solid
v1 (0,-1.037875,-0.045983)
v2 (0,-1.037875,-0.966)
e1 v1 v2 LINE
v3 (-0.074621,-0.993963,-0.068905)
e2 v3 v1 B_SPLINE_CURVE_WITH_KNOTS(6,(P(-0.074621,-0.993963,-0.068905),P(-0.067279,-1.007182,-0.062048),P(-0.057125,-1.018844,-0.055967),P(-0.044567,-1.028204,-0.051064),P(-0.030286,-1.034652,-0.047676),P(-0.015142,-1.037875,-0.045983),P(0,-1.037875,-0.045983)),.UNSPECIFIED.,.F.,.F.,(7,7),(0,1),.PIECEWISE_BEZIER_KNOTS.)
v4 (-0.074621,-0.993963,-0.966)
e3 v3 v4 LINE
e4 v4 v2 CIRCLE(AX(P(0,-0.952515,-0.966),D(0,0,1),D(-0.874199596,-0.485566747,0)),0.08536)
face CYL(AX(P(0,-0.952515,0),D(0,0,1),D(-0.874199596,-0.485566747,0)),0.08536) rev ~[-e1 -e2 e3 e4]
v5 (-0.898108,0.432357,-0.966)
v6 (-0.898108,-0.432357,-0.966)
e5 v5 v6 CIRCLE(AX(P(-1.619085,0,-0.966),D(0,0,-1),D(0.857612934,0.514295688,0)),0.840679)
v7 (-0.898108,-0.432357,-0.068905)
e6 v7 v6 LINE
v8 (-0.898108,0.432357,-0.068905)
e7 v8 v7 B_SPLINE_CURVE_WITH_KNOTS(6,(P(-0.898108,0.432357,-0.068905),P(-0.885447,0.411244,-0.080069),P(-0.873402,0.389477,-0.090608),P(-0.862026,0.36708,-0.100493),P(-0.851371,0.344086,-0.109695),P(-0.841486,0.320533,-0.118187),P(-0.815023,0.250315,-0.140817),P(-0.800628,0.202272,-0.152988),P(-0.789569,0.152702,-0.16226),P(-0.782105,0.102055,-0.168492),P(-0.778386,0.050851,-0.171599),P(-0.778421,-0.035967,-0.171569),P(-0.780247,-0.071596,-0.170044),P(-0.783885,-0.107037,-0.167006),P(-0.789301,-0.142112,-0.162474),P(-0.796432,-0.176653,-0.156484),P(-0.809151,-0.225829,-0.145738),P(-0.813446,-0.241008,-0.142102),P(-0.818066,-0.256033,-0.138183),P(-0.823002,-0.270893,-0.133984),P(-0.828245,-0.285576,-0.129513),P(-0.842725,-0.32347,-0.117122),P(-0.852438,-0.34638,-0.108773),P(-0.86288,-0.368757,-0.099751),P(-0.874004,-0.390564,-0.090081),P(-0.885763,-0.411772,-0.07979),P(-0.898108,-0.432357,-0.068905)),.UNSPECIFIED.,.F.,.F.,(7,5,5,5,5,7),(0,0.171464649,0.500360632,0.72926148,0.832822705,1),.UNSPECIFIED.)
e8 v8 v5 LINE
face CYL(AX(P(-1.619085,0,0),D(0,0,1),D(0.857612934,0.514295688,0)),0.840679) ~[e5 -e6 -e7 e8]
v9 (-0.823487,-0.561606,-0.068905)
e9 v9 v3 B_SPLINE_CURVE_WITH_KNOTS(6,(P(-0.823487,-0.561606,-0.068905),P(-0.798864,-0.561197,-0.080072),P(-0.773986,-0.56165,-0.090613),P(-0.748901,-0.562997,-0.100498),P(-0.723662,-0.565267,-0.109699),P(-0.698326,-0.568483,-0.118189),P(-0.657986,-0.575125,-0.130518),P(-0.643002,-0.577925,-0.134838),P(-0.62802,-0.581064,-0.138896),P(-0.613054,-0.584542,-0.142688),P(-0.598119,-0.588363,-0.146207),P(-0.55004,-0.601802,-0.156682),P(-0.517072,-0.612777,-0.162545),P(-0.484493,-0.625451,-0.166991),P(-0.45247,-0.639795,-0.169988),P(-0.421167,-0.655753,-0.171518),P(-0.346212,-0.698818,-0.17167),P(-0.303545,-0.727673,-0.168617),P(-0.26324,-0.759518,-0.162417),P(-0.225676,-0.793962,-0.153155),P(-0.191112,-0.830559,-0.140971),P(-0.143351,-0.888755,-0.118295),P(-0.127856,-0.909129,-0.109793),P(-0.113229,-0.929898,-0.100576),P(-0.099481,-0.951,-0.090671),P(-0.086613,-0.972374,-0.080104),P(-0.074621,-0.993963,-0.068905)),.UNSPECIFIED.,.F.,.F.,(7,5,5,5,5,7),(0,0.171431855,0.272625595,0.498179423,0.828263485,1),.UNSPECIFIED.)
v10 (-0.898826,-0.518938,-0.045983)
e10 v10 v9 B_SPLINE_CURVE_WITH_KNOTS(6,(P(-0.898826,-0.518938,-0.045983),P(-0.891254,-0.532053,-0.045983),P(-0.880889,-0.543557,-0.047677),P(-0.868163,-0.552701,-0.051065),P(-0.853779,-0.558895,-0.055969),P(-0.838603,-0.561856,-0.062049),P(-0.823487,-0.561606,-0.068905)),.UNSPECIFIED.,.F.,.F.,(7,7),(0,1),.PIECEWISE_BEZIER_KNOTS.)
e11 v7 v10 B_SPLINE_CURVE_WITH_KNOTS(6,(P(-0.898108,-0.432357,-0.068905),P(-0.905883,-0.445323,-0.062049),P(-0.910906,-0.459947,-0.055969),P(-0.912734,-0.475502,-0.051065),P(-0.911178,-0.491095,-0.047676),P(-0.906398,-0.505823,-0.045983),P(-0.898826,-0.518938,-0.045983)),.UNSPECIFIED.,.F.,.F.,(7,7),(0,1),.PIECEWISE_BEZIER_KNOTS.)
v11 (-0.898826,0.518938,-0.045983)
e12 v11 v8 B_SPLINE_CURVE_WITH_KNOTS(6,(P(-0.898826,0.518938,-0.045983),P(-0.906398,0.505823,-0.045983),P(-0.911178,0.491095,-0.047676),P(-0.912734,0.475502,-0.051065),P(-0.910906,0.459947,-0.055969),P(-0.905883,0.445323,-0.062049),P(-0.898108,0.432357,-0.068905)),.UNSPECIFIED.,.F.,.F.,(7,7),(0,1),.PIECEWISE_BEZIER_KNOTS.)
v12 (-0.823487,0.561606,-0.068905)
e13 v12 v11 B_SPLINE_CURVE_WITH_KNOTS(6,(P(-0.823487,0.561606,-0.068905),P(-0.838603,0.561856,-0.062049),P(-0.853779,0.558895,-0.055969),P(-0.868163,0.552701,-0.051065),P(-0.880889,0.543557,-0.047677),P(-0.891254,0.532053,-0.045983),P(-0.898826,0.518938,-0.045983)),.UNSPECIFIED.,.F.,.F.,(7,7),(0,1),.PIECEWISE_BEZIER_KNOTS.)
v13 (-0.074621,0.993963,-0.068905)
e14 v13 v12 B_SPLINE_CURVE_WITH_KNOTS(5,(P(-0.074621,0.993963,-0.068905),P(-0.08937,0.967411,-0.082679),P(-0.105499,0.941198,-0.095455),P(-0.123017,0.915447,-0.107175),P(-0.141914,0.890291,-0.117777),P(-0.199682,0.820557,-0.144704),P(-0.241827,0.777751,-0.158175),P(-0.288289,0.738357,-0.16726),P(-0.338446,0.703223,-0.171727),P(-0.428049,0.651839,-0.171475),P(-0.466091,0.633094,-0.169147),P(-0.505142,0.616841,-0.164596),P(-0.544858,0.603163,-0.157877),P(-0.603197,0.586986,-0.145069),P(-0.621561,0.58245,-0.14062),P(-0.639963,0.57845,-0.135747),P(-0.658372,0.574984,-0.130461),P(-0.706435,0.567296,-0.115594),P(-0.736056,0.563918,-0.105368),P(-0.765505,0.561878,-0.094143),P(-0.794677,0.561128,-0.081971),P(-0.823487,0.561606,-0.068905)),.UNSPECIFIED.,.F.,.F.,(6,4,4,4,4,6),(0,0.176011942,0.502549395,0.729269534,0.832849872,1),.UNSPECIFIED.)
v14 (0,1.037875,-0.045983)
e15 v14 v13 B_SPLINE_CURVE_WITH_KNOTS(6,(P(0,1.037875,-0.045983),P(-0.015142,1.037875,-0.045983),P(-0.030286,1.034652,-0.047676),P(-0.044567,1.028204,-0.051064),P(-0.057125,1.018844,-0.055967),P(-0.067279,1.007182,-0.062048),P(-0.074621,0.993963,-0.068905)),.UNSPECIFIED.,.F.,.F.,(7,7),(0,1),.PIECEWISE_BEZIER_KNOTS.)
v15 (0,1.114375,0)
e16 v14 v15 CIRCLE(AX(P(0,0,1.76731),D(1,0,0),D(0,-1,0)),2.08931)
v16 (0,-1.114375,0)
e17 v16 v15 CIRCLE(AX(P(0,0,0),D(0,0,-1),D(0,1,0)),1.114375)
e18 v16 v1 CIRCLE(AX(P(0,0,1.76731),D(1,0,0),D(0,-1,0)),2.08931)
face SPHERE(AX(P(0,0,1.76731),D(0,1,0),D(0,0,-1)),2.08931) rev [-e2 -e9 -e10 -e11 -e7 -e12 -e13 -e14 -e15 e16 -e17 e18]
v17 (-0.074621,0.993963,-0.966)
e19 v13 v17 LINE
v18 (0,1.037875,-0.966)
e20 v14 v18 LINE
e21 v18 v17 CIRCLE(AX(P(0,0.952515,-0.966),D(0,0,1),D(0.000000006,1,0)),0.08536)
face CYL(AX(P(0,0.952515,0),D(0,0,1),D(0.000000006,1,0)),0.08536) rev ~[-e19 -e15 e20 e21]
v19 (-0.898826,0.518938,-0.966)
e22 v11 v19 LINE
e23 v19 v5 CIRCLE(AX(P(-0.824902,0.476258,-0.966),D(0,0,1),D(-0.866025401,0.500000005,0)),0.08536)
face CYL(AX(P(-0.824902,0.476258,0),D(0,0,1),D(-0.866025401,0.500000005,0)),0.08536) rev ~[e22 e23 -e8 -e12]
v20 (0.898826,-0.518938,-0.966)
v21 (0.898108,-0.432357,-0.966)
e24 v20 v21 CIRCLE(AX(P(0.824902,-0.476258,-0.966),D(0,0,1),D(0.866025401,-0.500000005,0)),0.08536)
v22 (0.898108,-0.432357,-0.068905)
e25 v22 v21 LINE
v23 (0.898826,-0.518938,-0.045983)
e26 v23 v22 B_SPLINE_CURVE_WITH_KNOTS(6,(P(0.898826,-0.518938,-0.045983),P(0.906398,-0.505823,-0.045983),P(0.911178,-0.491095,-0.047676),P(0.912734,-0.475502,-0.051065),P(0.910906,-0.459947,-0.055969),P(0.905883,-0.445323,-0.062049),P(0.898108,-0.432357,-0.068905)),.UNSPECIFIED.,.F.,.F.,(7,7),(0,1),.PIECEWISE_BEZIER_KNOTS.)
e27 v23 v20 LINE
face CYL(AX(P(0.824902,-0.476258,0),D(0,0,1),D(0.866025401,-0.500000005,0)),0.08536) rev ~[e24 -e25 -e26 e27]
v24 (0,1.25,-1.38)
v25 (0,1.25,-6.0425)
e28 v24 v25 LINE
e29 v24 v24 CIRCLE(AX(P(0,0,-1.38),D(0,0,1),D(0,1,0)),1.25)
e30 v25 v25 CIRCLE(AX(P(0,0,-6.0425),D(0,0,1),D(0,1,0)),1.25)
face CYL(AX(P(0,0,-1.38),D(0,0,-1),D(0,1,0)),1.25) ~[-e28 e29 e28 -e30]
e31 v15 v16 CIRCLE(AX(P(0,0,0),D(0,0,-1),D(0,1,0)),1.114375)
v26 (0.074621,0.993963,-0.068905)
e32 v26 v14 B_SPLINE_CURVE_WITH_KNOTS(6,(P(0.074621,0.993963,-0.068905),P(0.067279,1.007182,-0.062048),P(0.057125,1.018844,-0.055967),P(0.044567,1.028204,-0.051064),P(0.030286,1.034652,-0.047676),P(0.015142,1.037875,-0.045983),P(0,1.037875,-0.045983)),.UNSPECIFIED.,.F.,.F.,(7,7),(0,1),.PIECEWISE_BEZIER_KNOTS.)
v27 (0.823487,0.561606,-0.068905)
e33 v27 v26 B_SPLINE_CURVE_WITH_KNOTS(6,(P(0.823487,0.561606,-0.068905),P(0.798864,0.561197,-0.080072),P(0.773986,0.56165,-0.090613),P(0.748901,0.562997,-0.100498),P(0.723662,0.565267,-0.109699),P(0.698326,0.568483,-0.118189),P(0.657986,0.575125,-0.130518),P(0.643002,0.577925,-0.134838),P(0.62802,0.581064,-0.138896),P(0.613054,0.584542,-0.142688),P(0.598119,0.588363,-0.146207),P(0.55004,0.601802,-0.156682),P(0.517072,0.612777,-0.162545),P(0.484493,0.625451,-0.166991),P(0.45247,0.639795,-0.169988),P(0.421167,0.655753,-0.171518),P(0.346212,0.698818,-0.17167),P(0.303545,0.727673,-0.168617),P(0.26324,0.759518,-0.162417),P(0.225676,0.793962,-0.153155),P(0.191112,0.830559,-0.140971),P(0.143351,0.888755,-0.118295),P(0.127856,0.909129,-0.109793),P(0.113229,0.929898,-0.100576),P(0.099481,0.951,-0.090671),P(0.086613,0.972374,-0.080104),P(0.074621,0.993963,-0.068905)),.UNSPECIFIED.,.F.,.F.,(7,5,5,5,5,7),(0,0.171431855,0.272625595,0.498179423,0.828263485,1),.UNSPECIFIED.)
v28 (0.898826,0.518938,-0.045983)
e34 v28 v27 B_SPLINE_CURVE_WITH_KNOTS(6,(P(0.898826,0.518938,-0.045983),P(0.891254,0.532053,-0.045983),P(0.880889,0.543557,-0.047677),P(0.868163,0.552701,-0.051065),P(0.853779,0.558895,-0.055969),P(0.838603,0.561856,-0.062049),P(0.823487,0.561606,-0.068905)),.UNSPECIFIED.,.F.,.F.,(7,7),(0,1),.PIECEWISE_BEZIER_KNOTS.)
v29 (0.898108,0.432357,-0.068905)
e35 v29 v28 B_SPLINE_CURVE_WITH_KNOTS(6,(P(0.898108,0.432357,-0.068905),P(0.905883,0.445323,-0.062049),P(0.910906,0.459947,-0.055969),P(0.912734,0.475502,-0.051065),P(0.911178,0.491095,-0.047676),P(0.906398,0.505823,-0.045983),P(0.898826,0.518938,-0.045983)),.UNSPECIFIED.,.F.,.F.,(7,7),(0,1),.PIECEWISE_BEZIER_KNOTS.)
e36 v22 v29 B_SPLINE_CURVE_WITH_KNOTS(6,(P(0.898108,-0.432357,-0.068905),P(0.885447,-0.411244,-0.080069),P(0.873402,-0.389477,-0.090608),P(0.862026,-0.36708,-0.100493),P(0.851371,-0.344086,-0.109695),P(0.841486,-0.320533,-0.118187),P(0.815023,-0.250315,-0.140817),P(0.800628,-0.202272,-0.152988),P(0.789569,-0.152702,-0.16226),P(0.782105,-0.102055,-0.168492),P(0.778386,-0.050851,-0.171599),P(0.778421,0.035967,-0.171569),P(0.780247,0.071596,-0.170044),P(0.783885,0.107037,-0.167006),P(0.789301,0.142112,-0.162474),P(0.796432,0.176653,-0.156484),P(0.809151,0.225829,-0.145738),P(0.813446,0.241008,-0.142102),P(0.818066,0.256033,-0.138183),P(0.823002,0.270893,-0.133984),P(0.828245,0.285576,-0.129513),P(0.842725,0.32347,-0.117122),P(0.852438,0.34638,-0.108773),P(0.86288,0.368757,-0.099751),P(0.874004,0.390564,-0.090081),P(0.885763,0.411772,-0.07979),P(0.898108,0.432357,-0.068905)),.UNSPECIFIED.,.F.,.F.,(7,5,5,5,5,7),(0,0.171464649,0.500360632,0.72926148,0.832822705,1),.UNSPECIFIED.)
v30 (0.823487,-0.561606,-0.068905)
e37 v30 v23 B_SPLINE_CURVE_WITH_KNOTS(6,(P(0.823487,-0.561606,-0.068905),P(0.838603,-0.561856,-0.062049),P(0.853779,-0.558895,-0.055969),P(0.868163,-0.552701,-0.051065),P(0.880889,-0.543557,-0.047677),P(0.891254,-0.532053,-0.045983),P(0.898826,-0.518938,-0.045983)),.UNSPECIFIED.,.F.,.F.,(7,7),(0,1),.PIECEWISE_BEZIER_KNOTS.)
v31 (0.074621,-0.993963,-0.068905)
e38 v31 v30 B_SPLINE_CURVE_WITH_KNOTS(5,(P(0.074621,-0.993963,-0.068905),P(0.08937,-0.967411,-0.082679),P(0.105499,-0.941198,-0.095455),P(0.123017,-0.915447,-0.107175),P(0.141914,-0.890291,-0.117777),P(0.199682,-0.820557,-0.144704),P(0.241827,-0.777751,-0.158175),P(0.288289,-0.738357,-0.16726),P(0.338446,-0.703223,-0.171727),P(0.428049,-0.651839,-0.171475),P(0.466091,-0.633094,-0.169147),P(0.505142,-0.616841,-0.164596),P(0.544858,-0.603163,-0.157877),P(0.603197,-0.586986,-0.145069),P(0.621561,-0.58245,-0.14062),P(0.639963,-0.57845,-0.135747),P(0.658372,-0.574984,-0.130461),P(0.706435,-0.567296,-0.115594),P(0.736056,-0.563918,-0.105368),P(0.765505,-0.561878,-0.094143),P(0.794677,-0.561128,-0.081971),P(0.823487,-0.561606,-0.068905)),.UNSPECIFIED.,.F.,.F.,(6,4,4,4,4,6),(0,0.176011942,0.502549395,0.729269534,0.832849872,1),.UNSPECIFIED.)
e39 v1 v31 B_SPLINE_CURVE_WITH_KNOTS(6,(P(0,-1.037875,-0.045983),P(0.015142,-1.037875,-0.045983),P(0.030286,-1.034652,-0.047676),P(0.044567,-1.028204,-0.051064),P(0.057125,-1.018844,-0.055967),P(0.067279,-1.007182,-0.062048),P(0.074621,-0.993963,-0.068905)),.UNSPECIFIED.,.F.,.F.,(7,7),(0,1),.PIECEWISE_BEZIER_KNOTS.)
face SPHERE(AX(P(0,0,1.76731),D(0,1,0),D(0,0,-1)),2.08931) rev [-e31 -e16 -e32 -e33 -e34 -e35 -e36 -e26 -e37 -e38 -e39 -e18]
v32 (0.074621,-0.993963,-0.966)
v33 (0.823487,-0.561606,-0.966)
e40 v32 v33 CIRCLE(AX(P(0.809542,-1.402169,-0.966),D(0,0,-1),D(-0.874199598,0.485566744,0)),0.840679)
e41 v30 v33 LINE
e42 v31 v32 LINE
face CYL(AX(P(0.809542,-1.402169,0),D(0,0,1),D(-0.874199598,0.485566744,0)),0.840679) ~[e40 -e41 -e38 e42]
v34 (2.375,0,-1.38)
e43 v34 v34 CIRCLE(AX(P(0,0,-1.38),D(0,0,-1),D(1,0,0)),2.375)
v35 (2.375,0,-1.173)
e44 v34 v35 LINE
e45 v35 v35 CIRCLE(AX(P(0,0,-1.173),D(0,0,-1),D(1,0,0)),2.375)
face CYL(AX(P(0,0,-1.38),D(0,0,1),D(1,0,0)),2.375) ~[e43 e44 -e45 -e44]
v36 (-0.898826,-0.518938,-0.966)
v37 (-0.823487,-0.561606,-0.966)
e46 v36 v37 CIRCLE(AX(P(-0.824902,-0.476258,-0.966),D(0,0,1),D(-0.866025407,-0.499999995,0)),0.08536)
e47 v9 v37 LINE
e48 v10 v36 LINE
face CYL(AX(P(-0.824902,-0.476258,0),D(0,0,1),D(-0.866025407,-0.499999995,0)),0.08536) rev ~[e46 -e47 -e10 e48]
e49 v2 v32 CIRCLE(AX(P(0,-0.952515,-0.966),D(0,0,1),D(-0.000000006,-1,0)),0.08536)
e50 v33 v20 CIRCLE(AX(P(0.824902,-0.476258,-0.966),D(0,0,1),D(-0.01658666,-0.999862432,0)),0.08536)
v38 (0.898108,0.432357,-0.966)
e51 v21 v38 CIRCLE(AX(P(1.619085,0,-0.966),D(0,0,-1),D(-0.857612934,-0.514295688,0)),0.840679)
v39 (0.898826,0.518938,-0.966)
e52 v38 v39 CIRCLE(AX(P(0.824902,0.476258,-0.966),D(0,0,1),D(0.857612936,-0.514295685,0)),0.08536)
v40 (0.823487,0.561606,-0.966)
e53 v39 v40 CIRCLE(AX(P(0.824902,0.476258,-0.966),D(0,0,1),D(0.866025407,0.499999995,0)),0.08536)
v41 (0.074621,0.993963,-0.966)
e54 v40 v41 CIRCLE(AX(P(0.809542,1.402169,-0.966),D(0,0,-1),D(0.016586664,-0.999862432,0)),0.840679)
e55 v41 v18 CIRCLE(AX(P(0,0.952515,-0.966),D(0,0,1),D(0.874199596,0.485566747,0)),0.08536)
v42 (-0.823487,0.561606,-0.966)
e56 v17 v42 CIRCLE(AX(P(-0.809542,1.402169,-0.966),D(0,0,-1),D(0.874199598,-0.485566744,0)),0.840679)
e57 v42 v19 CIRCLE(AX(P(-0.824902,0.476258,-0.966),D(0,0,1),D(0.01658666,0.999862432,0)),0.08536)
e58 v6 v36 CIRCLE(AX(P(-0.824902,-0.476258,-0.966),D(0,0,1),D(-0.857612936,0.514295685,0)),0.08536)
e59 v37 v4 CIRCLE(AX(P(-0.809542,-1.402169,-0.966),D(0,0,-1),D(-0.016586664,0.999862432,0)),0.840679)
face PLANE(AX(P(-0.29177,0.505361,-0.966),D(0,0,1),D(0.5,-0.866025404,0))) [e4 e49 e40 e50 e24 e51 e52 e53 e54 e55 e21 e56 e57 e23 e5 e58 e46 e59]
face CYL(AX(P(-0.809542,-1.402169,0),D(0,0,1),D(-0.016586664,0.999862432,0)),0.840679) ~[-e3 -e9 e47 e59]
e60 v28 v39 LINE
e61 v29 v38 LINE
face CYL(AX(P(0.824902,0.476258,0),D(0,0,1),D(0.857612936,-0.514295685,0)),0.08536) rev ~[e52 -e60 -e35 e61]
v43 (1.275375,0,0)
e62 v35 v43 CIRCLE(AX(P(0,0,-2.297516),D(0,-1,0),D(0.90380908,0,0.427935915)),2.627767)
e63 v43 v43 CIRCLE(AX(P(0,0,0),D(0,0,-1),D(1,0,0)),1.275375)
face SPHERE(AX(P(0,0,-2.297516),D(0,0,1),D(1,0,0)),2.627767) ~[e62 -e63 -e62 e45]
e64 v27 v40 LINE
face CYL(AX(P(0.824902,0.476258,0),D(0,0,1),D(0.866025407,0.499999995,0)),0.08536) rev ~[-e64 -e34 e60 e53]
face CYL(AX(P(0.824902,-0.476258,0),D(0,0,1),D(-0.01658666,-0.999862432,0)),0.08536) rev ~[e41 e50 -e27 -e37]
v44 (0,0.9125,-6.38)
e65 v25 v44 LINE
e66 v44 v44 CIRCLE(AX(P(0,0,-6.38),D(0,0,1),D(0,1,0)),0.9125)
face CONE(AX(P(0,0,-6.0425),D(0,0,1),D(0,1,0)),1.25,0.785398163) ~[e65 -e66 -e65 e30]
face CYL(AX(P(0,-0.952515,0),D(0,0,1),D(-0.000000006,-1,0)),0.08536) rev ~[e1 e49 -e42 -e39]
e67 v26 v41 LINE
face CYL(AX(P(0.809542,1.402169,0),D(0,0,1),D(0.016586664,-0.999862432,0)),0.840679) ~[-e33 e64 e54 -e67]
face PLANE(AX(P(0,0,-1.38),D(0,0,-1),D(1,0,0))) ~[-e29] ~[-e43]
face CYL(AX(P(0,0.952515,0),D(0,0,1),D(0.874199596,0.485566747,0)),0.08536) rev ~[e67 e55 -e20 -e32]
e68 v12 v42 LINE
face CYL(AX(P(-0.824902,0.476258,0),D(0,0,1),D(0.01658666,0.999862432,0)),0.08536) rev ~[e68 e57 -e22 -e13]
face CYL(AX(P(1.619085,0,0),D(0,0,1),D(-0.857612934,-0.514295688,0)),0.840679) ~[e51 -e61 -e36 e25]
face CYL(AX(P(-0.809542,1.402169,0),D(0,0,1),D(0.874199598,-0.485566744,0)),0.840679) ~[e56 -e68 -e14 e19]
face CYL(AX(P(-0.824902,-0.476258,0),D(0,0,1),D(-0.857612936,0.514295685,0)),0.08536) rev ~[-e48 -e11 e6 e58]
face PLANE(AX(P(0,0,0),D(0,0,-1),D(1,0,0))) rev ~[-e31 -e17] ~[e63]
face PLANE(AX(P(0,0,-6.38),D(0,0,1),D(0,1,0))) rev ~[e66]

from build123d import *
from build123d.topology import SkipClean

# Parameters (mm, degrees)
CUT_EXTRUDE1_DEPTH = 0.966
CIRPATTERN1_COUNT  = 6


with BuildPart() as part:
    # Sketch2 → Revolve1 (revolve)
    with BuildSketch(Plane(origin=(0, 0, 0), x_dir=(0, 0, -1), z_dir=(1, 0, 0))):
        Polygon((1.38, 1.25), (6.0425, 1.25), (6.38, 0.9125), (6.38, 0), (1.38, 0), align=None)
    revolve(axis=Axis((0, 0, -6.38), (0, 0, 1)))


with BuildPart() as body_2:
    # Sketch3 → Revolve2 (revolve)
    with BuildSketch(Plane(origin=(0, 0, 0), x_dir=(0, 0, -1), z_dir=(1, 0, 0))):
        with BuildLine():
            Line((1.38, 0), (1.38, 2.375))
            Line((1.38, 2.375), (1.173, 2.375))
            ThreePointArc((1.173, 2.375), (0.500332222, 1.917105021), (0, 1.275375))
            Line((0, 1.275375), (0, 0))
            Line((0, 0), (1.38, 0))
        make_face()
    revolve(axis=Axis((0, 0, 0), (0, 0, -1)))

    # Combine1: union part
    add(part.part)

    # Sketch4 → Cut-Extrude1 (cut)
    with BuildSketch(Plane.XY):
        with BuildLine():
            Line((0, 0), (-0.898826116, 0.5189375))
            ThreePointArc((-0.898826116, 0.5189375), (-0.910259221, 0.475549675), (-0.89810803, 0.432357455))
            ThreePointArc((-0.89810803, 0.432357455), (-0.77840625, 0), (-0.89810803, -0.432357455))
            ThreePointArc((-0.89810803, -0.432357455), (-0.910259221, -0.475549675), (-0.898826116, -0.5189375))
            Line((-0.898826116, -0.5189375), (0, 0))
        make_face()
    cut_extrude1 = extrude(amount=-CUT_EXTRUDE1_DEPTH, mode=Mode.SUBTRACT)

    # CirPattern1: Cut-Extrude1 ×6 about axis
    cirpattern1_axis = Axis((0, 0, -6.38), (0, 0, -1))
    for i in range(1, CIRPATTERN1_COUNT):
        add(cut_extrude1.rotate(cirpattern1_axis, i * 360 / CIRPATTERN1_COUNT), mode=Mode.SUBTRACT)

    # Sketch5 → Cut-Revolve1 (revolve, cut)
    with SkipClean():  # the faces are left unmerged after this step: merging them gives an invalid solid
        with BuildSketch(Plane(origin=(0, 0, 0), x_dir=(0, 0, -1), z_dir=(1, 0, 0))):
            with BuildLine():
                Line((-1.767310001, 2.089310001), (-1.767310001, -2.089310001))
                ThreePointArc((-1.767310001, -2.089310001), (0.322, 0), (-1.767310001, 2.089310001))
            make_face()
        revolve(axis=Axis((0, 2.089310001, 1.767310001), (0, -1, 0)), mode=Mode.SUBTRACT)


solid = body_2.part
